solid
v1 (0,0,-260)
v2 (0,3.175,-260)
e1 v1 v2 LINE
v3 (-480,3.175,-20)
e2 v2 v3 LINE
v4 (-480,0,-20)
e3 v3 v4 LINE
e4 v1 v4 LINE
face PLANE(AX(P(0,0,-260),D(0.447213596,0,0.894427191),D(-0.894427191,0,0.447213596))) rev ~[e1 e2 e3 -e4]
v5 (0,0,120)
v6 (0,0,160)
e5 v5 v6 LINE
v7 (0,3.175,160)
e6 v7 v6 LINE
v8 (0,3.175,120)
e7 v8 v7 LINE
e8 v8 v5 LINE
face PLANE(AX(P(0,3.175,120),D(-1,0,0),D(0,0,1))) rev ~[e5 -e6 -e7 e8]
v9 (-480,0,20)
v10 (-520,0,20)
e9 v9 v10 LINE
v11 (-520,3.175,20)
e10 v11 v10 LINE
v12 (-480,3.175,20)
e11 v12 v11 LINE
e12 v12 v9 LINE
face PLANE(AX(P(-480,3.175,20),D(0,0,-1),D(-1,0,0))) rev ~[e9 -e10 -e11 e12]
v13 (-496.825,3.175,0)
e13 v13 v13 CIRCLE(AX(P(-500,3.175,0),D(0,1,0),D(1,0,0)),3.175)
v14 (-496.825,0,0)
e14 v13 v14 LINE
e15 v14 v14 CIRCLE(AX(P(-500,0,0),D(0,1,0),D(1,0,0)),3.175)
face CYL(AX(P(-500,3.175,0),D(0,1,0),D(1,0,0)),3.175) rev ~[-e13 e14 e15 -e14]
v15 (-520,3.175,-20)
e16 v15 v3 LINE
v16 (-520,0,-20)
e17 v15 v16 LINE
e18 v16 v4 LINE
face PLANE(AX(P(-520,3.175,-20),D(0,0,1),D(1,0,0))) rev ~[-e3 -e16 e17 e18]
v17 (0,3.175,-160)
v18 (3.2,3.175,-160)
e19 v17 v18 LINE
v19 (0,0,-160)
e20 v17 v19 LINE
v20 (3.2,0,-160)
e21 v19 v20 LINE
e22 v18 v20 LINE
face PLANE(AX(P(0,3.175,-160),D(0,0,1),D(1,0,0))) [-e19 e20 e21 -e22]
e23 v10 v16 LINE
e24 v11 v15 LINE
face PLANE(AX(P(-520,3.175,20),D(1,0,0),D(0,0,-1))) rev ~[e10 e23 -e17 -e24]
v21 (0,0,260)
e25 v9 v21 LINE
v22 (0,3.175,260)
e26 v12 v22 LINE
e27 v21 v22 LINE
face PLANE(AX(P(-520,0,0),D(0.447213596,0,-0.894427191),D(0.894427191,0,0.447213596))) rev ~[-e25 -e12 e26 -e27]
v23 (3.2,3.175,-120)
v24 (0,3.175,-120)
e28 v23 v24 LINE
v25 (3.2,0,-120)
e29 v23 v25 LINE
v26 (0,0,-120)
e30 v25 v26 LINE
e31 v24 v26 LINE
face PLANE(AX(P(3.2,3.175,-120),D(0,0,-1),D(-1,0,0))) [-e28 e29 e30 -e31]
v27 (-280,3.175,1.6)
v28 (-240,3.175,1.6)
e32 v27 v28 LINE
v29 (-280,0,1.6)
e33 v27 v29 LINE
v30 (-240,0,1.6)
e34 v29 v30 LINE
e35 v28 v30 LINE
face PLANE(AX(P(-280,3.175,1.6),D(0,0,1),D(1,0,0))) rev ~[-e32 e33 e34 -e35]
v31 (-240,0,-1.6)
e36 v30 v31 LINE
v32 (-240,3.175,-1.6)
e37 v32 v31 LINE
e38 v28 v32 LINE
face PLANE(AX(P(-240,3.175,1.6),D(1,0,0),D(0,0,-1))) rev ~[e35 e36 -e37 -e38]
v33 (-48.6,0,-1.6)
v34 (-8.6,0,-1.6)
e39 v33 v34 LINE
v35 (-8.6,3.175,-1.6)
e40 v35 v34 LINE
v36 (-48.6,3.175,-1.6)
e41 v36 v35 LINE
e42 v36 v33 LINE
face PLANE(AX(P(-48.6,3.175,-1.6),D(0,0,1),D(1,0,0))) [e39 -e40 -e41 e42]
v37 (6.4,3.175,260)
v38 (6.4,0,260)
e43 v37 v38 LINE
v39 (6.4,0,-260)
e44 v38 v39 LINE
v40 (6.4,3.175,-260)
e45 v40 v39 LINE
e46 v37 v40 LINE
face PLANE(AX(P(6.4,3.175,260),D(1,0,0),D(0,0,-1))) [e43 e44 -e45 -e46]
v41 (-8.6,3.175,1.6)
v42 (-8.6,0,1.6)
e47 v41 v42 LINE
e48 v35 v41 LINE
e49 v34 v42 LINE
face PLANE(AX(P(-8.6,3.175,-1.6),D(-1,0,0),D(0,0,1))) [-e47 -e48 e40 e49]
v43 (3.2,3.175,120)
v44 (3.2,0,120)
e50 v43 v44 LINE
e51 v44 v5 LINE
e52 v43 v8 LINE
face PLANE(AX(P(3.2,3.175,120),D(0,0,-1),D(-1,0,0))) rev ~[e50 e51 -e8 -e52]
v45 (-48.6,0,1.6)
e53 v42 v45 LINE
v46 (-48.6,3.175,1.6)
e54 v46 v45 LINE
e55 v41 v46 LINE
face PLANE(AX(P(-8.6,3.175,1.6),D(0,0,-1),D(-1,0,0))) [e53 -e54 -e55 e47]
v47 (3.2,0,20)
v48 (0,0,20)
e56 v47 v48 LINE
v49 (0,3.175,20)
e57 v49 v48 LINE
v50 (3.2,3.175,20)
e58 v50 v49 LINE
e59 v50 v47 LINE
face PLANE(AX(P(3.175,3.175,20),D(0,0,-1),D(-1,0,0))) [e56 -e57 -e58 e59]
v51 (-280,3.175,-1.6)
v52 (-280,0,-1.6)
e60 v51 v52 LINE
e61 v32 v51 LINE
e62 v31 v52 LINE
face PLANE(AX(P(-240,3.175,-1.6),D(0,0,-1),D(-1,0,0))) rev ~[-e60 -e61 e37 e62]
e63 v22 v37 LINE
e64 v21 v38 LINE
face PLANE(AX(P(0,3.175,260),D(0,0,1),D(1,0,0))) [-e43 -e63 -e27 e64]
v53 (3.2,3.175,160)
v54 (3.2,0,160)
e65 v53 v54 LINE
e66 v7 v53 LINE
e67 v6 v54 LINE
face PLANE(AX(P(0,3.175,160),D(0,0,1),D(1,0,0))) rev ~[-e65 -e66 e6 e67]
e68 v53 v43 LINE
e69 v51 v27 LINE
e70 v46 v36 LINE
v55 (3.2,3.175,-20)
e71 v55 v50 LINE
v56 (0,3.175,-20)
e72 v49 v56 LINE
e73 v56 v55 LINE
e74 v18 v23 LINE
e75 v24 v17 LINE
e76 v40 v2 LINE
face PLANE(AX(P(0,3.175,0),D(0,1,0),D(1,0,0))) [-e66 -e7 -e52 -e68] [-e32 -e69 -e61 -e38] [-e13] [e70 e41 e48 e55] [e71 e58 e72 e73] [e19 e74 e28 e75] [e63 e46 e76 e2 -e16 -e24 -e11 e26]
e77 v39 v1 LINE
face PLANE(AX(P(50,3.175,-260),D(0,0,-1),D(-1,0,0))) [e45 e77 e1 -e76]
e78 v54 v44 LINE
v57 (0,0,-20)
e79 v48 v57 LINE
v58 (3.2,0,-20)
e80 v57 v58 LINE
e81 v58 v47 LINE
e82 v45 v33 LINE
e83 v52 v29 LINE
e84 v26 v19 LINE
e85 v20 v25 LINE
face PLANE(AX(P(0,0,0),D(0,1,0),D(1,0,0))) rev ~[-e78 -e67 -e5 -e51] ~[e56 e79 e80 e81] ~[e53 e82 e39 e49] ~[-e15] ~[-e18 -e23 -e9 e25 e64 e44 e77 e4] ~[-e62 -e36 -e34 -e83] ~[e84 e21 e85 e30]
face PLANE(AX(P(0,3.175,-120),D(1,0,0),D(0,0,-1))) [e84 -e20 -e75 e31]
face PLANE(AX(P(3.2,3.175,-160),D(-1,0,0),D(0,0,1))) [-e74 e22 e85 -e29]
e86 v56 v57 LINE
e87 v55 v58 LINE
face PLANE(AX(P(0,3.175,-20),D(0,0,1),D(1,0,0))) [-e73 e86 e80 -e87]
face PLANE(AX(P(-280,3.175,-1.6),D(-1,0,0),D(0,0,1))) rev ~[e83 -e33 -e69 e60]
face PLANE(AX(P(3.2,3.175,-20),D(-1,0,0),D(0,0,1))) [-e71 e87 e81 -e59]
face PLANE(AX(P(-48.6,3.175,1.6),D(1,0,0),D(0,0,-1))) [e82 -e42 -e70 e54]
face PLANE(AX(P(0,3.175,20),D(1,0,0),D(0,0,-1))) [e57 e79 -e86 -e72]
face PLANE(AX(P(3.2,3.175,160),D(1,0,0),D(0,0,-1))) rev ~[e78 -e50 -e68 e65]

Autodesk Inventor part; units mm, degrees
ref_plane "YZ Plane" through (0, 0, 0) normal (1, 0, 0) x (0, 1, 0)
ref_plane "XZ Plane" through (0, 0, 0) normal (0, 1, 0) x (-1, 0, 0)
ref_plane "XY Plane" through (0, 0, 0) normal (0, 0, 1) x (1, 0, 0)
sketch "Sketch1" plane through (0, 0, 0) normal (0, 1, 0) x (-1, 0, 0)
  line L0 (0, 260) -> (0, -260)
  line L1 (520, 0) -> (0, 260)
  line L2 (0, -260) -> (520, 0)
  point P0 (0, 0)
  dimension "d1" = 260
  dimension "d2" = 520
extrude "Extrusion1" add sketch "Sketch1" along normal blind 3.175
sketch "Sketch2" plane through (0, 3.175, 0) normal (0, 1, 0) x (1, 0, 0)
  circle A0 centre (-500, 0) radius 3.175
  point P0 (0, 0)
  dimension "d6" = 6.35
extrude "Extrusion2" cut sketch "Sketch2" against normal blind 3.175
sketch "Sketch3" plane through (0, 3.175, 0) normal (0, 1, 0) x (1, 0, 0)
  circle A0 centre (-500, 0) radius 3.175 projected
  line L0 (-500, 0) -> (-480, 0)
  line L1 (-480, 0) -> (-480, -20)
  line L2 (-480, -20) -> (-480, 20)
  line L3 (0, 260) -> (-520, 0) projected
  line L4 (-480, 20) -> (-520, 0)
  line L5 (-520, 0) -> (-480, -20)
  line L6 (-520, 0) -> (0, -260) projected
  point P0 (0, 0)
extrude "Extrusion3" cut sketch "Sketch3" against normal blind 3.175
sketch "Sketch4" plane through (0, 3.175, 0) normal (0, 1, 0) x (1, 0, 0)
  line L0 (-480, -20) -> (-480, 20) projected
  line L1 (-480, -20) -> (-520, -20)
  line L2 (-520, -20) -> (-520, 20)
  line L3 (-520, 20) -> (-480, 20)
  point P0 (0, 0)
  dimension "d11" = 40
extrude "Extrusion4" add sketch "Sketch4" against normal blind 3.175
sketch "Sketch5" plane through (0, 3.175, 0) normal (0, 1, 0) x (1, 0, 0)
  circle A0 centre (-500, 0) radius 3.175
  point P0 (0, 0)
  dimension "d15" = 6.35
extrude "Extrusion5" cut sketch "Sketch5" against normal blind 3.175
sketch "Sketch6" plane through (0, 3.175, 0) normal (0, 1, 0) x (1, 0, 0)
  line L0 (-480, -20) -> (0, -260) projected
  line L1 (0, -260) -> (50, -260)
  line L2 (50, -260) -> (50, 260)
  line L3 (50, 260) -> (0, 260)
  line L4 (0, 260) -> (0, -260)
  point P0 (0, 0)
extrude "Extrusion6" add sketch "Sketch6" against normal blind 3.175
sketch "Sketch8" plane through (0, 3.175, 0) normal (0, 1, 0) x (1, 0, 0)
  line L0 (0, 260) -> (-480, 20) projected
  line L1 (-480, -20) -> (0, -260) projected
  line L2 (3.175, -20) -> (0, -20)
  line L3 (0, -20) -> (0, 20)
  line L4 (0, -20) -> (3.2, -20)
  line L5 (0, 20) -> (3.2, 20)
  line L6 (3.2, 20) -> (3.2, -20)
  line L7 (3.2, 160) -> (3.2, 120)
  line L8 (3.2, 120) -> (0, 120)
  line L9 (0, 120) -> (0, 160)
  line L10 (0, 160) -> (3.2, 160)
  line L11 (3.2, -160) -> (3.2, -120)
  line L12 (3.2, -120) -> (0, -120)
  line L13 (0, -120) -> (0, -160)
  line L14 (0, -160) -> (3.2, -160)
  point P0 (0, 0)
  dimension "d23" = 3.2
  dimension "d24" = 3.2
  dimension "d27" = 40
extrude "Extrusion7" cut sketch "Sketch8" against normal blind 10
sketch "Sketch9" plane through (0, 3.175, 0) normal (0, 1, 0) x (1, 0, 0)
  line L0 (3.2, -120) -> (3.2, -160) projected
  line L1 (6.4, -260) -> (6.4, 260)
  line L2 (0, 260) -> (50, 260) projected
  line L3 (6.4, 260) -> (50, 260)
  line L4 (50, 260) -> (50, -260)
  line L5 (50, -260) -> (6.4, -260)
  point P0 (0, 0)
extrude "Extrusion8" cut sketch "Sketch9" against normal blind 10
sketch "Sketch10" plane through (0, 3.175, 0) normal (0, 1, 0) x (1, 0, 0)
  line L0 (-520, 20) -> (-520, -20) projected
  line L1 (-240, 1.6) -> (-280, 1.6)
  line L2 (-280, 1.6) -> (-280, -1.6)
  line L3 (-280, -1.6) -> (-240, -1.6)
  line L4 (-240, -1.6) -> (-240, 1.6)
  point P0 (0, 0)
  dimension "d38" = 40
  dimension "d39" = 40
extrude "Extrusion9" cut sketch "Sketch10" against normal blind 10
sketch "Sketch11" plane through (0, 3.175, 0) normal (0, 1, 0) x (1, 0, 0)
  line L0 (6.4, 260) -> (6.4, -260) projected
  line L1 (-8.6, 1.6) -> (-8.6, -1.6)
  line L2 (-8.6, -1.6) -> (-48.6, -1.6)
  line L3 (-48.6, -1.6) -> (-48.6, 1.6)
  line L4 (-48.6, 1.6) -> (-8.6, 1.6)
  point P0 (0, 0)
  dimension "d44" = 40
extrude "Extrusion10" cut sketch "Sketch11" against normal blind 10
properties part number "Trebuchet V1 - Truss"
